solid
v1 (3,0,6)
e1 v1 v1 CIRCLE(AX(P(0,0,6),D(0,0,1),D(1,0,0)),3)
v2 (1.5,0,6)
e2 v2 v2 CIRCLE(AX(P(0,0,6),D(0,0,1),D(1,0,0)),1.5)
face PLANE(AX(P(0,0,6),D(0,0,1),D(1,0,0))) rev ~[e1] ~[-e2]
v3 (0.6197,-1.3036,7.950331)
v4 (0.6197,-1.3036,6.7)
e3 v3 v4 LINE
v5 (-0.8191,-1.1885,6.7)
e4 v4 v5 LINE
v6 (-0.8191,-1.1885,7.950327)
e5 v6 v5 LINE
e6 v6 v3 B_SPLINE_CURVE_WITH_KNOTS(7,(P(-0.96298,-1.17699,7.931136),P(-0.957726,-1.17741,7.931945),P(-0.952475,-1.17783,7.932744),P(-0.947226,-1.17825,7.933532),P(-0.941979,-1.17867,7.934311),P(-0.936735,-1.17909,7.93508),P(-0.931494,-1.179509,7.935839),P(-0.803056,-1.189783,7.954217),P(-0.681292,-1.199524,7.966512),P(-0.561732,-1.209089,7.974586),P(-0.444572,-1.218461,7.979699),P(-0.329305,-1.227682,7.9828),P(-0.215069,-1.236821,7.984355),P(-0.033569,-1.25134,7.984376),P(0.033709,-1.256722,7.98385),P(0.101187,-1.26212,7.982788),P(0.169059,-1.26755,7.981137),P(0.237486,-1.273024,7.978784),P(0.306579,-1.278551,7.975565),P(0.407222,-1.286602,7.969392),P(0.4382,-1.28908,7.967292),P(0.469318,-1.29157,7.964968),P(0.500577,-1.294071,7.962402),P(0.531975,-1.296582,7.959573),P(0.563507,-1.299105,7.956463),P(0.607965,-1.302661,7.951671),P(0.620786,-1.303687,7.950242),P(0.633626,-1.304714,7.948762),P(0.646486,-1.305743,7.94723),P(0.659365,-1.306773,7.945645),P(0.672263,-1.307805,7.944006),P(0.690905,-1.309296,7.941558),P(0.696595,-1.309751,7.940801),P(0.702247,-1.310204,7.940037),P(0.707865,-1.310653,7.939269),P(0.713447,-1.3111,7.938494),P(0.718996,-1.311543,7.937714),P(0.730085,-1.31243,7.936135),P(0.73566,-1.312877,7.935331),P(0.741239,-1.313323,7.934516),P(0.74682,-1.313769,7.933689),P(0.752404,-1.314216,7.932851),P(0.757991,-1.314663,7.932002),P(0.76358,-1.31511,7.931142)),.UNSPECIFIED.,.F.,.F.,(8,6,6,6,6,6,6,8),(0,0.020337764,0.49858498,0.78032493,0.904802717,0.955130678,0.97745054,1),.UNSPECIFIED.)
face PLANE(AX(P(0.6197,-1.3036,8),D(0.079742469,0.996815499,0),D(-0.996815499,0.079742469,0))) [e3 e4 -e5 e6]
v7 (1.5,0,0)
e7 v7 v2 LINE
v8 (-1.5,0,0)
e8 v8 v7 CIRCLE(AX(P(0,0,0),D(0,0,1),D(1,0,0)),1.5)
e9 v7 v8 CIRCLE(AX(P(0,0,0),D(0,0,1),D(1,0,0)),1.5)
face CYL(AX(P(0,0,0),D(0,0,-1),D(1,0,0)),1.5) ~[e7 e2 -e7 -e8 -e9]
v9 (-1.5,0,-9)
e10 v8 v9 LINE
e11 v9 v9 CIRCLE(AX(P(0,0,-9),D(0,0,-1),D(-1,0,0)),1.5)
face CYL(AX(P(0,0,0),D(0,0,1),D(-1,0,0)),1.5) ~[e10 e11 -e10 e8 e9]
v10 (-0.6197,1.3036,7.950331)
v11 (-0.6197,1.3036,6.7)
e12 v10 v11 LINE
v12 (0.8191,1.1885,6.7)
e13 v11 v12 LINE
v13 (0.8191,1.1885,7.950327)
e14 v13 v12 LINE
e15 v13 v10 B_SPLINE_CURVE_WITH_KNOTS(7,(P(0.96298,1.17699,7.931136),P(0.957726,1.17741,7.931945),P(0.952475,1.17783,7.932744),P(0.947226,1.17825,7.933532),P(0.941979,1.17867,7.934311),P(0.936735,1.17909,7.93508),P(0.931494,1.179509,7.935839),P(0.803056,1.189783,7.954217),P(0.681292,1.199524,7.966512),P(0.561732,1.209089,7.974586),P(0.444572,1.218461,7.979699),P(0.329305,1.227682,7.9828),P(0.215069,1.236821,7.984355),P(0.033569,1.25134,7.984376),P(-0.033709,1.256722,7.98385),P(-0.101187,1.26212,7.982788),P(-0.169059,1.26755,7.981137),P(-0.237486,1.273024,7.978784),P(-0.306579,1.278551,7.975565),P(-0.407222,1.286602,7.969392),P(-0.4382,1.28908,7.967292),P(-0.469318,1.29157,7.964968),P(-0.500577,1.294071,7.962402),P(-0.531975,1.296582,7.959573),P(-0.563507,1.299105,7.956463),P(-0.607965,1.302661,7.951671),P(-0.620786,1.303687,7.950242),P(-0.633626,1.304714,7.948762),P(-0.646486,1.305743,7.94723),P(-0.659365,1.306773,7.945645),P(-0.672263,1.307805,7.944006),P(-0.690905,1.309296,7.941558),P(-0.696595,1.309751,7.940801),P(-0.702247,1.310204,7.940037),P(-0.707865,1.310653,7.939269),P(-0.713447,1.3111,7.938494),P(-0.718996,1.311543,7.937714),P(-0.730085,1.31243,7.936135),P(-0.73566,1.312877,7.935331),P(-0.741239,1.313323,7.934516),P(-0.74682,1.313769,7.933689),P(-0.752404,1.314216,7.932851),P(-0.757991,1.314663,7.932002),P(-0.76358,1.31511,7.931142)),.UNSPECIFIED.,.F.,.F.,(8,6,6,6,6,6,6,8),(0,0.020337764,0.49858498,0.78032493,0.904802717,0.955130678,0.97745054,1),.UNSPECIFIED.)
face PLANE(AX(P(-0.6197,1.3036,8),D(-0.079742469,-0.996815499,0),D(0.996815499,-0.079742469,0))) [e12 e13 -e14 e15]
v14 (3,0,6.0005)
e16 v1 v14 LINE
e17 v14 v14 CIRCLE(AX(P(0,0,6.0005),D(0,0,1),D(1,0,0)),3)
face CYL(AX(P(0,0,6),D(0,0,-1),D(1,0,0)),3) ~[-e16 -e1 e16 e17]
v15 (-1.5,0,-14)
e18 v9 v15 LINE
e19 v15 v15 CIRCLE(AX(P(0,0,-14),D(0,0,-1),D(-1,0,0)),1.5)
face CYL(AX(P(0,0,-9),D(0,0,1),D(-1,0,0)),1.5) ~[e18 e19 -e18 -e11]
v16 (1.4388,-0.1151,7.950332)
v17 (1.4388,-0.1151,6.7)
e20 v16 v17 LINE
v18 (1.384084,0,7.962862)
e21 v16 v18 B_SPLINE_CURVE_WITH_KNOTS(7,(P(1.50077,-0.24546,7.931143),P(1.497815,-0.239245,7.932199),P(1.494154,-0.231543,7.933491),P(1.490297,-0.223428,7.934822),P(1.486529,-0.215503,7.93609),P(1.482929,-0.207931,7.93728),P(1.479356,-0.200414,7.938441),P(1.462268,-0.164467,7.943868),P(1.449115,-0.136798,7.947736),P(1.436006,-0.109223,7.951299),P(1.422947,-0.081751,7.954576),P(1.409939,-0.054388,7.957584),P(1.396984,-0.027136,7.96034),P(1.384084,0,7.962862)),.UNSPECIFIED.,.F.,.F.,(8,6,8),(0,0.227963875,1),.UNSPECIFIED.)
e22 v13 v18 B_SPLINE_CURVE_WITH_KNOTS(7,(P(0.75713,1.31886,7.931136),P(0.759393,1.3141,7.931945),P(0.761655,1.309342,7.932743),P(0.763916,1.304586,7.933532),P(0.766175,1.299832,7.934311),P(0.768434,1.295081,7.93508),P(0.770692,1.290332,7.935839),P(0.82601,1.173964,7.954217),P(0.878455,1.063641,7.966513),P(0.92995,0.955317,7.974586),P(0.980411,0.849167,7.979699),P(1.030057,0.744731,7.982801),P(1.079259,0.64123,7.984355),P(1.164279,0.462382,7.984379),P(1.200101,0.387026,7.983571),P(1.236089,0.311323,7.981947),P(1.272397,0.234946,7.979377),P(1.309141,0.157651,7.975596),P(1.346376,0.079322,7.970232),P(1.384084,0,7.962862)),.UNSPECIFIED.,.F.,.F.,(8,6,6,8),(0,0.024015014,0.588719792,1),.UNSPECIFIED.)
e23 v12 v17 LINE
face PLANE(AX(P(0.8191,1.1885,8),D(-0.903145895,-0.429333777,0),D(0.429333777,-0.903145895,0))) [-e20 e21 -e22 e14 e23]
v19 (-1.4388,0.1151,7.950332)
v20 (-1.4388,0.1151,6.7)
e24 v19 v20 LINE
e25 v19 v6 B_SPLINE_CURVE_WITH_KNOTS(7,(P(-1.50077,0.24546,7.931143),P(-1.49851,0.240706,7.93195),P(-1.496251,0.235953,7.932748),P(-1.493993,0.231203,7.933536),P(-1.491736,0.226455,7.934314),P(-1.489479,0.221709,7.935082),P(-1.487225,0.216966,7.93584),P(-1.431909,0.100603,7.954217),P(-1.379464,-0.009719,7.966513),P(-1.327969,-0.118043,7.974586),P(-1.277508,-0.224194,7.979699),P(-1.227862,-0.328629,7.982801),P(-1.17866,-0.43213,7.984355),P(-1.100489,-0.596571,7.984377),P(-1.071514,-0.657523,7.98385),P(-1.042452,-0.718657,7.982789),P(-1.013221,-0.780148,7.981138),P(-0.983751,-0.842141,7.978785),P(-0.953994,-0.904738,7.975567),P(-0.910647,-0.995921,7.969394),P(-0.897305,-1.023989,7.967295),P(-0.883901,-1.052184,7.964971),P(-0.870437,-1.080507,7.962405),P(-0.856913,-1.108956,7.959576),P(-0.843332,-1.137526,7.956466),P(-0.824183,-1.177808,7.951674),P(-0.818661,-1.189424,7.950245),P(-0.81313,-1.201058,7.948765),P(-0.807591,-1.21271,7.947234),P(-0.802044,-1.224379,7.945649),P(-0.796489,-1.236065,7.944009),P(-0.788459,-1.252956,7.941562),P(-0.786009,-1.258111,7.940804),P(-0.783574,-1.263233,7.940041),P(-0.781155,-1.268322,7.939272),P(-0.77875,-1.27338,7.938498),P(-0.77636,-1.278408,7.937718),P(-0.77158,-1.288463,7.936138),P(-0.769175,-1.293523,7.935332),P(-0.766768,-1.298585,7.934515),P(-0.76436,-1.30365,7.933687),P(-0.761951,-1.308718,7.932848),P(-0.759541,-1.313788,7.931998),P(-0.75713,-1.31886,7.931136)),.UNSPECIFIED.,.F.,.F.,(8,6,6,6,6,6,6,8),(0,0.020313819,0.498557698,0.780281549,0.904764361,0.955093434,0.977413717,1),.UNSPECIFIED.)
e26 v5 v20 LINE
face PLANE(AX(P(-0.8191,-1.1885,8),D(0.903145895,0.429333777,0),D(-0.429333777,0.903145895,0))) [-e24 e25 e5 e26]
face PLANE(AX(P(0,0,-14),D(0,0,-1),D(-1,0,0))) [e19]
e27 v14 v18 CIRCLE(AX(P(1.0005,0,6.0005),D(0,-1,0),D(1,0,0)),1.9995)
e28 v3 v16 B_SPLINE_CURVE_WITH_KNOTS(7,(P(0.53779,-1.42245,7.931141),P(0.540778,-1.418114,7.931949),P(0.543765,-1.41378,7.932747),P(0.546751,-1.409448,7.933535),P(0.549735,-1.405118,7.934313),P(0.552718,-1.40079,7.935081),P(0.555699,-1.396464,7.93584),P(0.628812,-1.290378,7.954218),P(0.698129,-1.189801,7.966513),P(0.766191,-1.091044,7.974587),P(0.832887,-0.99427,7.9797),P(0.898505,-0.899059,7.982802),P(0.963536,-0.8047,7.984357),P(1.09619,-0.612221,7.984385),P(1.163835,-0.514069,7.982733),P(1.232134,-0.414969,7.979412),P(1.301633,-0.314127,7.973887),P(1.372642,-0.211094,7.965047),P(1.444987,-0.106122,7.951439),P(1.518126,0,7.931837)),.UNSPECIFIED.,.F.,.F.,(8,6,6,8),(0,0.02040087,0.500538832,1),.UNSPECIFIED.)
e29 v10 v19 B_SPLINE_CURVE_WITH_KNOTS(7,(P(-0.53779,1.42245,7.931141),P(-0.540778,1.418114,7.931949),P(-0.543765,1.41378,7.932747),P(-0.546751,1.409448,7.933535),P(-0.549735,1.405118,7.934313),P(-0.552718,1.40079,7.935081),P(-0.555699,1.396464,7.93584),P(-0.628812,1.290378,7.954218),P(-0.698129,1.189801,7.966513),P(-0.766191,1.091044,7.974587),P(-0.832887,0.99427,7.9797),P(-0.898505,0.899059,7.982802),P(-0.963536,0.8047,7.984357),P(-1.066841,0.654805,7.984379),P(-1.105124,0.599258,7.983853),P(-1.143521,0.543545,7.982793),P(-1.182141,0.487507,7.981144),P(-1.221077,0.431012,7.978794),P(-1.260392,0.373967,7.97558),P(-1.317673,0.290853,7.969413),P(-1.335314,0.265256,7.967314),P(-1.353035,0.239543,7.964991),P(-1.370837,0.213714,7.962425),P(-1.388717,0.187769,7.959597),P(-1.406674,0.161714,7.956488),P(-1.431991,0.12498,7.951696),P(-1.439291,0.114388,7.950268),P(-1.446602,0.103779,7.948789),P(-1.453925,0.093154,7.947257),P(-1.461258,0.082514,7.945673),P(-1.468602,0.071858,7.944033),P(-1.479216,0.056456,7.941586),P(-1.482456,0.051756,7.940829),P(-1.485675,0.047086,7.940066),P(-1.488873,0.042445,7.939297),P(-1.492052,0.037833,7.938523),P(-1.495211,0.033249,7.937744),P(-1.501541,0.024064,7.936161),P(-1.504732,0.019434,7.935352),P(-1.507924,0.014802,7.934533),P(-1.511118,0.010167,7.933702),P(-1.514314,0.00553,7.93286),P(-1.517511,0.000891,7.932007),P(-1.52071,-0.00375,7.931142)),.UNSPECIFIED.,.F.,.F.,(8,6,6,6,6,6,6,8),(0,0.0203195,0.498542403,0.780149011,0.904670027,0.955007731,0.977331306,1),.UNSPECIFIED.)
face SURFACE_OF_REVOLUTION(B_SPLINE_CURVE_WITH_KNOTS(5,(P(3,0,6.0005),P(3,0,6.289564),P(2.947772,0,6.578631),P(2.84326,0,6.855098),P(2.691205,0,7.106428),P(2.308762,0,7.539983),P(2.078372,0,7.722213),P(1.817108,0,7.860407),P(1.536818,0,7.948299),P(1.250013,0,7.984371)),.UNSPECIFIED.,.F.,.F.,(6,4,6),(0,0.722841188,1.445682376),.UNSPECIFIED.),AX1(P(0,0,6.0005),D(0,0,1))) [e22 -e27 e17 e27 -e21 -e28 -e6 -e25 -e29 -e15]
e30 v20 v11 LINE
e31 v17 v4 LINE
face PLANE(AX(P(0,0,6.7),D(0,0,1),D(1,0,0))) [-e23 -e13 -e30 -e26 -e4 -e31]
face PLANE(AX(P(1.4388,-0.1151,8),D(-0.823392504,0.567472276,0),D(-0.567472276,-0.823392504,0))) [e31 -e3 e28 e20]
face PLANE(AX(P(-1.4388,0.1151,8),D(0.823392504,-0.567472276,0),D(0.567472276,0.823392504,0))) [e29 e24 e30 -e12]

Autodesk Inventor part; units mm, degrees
ref_plane "YZ Plane" through (0, 0, 0) normal (1, 0, 0) x (0, 1, 0)
ref_plane "XZ Plane" through (0, 0, 0) normal (0, 1, 0) x (-1, 0, 0)
ref_plane "XY Plane" through (0, 0, 0) normal (0, 0, 1) x (1, 0, 0)
sketch "スケッチ1" plane through (0, 0, 0) normal (0, 0, 1) x (1, 0, 0)
  circle A0 centre (0, 0) radius 1.5
  dimension "d0" = 3
extrude "押し出し1" add sketch "スケッチ1" along normal blind 6
sketch "スケッチ2" plane through (0, 0, 6) normal (0, 0, 1) x (1, 0, 0)
  circle A0 centre (0, 0) radius 1.5 projected
  circle A1 centre (0, 0) radius 3
  dimension "d3" = 6
extrude "押し出し2" add sketch "スケッチ2" along normal blind 2 contours A0 | A1
fillet "フィレット1" radius 2 1 edges at (-3, 0, 8)
thread "ねじ1" size "M3x0.5" class "6g" standard "ANSI Metric M Profile" full length
sketch "スケッチ3" plane through (0, 0, 0) normal (0, 0, -1) x (-1, 0, 0)
  circle A0 centre (0, 0) radius 1.5 projected
extrude "押し出し3" add sketch "スケッチ3" along normal blind 9
sketch "スケッチ4" plane through (0, 0, -9) normal (0, 0, -1) x (-1, 0, 0)
  circle A0 centre (0, 0) radius 1.5 projected
extrude "押し出し4" add sketch "スケッチ4" along normal blind 5
sketch "スケッチ5" plane through (0, 0, 8) normal (0, 0, 1) x (1, 0, 0)
  line L0 (0.8191, 1.1885) -> (1.4388, -0.1151)
  line L1 (1.4388, -0.1151) -> (0.6197, -1.3036)
  line L2 (0.6197, -1.3036) -> (-0.8191, -1.1885)
  line L3 (-0.8191, -1.1885) -> (-1.4388, 0.1151)
  line L4 (-1.4388, 0.1151) -> (-0.6197, 1.3036)
  line L5 (-0.6197, 1.3036) -> (0.8191, 1.1885)
  point P0 (0, 0)
  point P1 (0, 0)
  dimension "d13" = 2.5
extrude "押し出し5" cut sketch "スケッチ5" against normal blind 1.3
properties part number "SB　20mmなべネジ" material "Steel, Mild"
